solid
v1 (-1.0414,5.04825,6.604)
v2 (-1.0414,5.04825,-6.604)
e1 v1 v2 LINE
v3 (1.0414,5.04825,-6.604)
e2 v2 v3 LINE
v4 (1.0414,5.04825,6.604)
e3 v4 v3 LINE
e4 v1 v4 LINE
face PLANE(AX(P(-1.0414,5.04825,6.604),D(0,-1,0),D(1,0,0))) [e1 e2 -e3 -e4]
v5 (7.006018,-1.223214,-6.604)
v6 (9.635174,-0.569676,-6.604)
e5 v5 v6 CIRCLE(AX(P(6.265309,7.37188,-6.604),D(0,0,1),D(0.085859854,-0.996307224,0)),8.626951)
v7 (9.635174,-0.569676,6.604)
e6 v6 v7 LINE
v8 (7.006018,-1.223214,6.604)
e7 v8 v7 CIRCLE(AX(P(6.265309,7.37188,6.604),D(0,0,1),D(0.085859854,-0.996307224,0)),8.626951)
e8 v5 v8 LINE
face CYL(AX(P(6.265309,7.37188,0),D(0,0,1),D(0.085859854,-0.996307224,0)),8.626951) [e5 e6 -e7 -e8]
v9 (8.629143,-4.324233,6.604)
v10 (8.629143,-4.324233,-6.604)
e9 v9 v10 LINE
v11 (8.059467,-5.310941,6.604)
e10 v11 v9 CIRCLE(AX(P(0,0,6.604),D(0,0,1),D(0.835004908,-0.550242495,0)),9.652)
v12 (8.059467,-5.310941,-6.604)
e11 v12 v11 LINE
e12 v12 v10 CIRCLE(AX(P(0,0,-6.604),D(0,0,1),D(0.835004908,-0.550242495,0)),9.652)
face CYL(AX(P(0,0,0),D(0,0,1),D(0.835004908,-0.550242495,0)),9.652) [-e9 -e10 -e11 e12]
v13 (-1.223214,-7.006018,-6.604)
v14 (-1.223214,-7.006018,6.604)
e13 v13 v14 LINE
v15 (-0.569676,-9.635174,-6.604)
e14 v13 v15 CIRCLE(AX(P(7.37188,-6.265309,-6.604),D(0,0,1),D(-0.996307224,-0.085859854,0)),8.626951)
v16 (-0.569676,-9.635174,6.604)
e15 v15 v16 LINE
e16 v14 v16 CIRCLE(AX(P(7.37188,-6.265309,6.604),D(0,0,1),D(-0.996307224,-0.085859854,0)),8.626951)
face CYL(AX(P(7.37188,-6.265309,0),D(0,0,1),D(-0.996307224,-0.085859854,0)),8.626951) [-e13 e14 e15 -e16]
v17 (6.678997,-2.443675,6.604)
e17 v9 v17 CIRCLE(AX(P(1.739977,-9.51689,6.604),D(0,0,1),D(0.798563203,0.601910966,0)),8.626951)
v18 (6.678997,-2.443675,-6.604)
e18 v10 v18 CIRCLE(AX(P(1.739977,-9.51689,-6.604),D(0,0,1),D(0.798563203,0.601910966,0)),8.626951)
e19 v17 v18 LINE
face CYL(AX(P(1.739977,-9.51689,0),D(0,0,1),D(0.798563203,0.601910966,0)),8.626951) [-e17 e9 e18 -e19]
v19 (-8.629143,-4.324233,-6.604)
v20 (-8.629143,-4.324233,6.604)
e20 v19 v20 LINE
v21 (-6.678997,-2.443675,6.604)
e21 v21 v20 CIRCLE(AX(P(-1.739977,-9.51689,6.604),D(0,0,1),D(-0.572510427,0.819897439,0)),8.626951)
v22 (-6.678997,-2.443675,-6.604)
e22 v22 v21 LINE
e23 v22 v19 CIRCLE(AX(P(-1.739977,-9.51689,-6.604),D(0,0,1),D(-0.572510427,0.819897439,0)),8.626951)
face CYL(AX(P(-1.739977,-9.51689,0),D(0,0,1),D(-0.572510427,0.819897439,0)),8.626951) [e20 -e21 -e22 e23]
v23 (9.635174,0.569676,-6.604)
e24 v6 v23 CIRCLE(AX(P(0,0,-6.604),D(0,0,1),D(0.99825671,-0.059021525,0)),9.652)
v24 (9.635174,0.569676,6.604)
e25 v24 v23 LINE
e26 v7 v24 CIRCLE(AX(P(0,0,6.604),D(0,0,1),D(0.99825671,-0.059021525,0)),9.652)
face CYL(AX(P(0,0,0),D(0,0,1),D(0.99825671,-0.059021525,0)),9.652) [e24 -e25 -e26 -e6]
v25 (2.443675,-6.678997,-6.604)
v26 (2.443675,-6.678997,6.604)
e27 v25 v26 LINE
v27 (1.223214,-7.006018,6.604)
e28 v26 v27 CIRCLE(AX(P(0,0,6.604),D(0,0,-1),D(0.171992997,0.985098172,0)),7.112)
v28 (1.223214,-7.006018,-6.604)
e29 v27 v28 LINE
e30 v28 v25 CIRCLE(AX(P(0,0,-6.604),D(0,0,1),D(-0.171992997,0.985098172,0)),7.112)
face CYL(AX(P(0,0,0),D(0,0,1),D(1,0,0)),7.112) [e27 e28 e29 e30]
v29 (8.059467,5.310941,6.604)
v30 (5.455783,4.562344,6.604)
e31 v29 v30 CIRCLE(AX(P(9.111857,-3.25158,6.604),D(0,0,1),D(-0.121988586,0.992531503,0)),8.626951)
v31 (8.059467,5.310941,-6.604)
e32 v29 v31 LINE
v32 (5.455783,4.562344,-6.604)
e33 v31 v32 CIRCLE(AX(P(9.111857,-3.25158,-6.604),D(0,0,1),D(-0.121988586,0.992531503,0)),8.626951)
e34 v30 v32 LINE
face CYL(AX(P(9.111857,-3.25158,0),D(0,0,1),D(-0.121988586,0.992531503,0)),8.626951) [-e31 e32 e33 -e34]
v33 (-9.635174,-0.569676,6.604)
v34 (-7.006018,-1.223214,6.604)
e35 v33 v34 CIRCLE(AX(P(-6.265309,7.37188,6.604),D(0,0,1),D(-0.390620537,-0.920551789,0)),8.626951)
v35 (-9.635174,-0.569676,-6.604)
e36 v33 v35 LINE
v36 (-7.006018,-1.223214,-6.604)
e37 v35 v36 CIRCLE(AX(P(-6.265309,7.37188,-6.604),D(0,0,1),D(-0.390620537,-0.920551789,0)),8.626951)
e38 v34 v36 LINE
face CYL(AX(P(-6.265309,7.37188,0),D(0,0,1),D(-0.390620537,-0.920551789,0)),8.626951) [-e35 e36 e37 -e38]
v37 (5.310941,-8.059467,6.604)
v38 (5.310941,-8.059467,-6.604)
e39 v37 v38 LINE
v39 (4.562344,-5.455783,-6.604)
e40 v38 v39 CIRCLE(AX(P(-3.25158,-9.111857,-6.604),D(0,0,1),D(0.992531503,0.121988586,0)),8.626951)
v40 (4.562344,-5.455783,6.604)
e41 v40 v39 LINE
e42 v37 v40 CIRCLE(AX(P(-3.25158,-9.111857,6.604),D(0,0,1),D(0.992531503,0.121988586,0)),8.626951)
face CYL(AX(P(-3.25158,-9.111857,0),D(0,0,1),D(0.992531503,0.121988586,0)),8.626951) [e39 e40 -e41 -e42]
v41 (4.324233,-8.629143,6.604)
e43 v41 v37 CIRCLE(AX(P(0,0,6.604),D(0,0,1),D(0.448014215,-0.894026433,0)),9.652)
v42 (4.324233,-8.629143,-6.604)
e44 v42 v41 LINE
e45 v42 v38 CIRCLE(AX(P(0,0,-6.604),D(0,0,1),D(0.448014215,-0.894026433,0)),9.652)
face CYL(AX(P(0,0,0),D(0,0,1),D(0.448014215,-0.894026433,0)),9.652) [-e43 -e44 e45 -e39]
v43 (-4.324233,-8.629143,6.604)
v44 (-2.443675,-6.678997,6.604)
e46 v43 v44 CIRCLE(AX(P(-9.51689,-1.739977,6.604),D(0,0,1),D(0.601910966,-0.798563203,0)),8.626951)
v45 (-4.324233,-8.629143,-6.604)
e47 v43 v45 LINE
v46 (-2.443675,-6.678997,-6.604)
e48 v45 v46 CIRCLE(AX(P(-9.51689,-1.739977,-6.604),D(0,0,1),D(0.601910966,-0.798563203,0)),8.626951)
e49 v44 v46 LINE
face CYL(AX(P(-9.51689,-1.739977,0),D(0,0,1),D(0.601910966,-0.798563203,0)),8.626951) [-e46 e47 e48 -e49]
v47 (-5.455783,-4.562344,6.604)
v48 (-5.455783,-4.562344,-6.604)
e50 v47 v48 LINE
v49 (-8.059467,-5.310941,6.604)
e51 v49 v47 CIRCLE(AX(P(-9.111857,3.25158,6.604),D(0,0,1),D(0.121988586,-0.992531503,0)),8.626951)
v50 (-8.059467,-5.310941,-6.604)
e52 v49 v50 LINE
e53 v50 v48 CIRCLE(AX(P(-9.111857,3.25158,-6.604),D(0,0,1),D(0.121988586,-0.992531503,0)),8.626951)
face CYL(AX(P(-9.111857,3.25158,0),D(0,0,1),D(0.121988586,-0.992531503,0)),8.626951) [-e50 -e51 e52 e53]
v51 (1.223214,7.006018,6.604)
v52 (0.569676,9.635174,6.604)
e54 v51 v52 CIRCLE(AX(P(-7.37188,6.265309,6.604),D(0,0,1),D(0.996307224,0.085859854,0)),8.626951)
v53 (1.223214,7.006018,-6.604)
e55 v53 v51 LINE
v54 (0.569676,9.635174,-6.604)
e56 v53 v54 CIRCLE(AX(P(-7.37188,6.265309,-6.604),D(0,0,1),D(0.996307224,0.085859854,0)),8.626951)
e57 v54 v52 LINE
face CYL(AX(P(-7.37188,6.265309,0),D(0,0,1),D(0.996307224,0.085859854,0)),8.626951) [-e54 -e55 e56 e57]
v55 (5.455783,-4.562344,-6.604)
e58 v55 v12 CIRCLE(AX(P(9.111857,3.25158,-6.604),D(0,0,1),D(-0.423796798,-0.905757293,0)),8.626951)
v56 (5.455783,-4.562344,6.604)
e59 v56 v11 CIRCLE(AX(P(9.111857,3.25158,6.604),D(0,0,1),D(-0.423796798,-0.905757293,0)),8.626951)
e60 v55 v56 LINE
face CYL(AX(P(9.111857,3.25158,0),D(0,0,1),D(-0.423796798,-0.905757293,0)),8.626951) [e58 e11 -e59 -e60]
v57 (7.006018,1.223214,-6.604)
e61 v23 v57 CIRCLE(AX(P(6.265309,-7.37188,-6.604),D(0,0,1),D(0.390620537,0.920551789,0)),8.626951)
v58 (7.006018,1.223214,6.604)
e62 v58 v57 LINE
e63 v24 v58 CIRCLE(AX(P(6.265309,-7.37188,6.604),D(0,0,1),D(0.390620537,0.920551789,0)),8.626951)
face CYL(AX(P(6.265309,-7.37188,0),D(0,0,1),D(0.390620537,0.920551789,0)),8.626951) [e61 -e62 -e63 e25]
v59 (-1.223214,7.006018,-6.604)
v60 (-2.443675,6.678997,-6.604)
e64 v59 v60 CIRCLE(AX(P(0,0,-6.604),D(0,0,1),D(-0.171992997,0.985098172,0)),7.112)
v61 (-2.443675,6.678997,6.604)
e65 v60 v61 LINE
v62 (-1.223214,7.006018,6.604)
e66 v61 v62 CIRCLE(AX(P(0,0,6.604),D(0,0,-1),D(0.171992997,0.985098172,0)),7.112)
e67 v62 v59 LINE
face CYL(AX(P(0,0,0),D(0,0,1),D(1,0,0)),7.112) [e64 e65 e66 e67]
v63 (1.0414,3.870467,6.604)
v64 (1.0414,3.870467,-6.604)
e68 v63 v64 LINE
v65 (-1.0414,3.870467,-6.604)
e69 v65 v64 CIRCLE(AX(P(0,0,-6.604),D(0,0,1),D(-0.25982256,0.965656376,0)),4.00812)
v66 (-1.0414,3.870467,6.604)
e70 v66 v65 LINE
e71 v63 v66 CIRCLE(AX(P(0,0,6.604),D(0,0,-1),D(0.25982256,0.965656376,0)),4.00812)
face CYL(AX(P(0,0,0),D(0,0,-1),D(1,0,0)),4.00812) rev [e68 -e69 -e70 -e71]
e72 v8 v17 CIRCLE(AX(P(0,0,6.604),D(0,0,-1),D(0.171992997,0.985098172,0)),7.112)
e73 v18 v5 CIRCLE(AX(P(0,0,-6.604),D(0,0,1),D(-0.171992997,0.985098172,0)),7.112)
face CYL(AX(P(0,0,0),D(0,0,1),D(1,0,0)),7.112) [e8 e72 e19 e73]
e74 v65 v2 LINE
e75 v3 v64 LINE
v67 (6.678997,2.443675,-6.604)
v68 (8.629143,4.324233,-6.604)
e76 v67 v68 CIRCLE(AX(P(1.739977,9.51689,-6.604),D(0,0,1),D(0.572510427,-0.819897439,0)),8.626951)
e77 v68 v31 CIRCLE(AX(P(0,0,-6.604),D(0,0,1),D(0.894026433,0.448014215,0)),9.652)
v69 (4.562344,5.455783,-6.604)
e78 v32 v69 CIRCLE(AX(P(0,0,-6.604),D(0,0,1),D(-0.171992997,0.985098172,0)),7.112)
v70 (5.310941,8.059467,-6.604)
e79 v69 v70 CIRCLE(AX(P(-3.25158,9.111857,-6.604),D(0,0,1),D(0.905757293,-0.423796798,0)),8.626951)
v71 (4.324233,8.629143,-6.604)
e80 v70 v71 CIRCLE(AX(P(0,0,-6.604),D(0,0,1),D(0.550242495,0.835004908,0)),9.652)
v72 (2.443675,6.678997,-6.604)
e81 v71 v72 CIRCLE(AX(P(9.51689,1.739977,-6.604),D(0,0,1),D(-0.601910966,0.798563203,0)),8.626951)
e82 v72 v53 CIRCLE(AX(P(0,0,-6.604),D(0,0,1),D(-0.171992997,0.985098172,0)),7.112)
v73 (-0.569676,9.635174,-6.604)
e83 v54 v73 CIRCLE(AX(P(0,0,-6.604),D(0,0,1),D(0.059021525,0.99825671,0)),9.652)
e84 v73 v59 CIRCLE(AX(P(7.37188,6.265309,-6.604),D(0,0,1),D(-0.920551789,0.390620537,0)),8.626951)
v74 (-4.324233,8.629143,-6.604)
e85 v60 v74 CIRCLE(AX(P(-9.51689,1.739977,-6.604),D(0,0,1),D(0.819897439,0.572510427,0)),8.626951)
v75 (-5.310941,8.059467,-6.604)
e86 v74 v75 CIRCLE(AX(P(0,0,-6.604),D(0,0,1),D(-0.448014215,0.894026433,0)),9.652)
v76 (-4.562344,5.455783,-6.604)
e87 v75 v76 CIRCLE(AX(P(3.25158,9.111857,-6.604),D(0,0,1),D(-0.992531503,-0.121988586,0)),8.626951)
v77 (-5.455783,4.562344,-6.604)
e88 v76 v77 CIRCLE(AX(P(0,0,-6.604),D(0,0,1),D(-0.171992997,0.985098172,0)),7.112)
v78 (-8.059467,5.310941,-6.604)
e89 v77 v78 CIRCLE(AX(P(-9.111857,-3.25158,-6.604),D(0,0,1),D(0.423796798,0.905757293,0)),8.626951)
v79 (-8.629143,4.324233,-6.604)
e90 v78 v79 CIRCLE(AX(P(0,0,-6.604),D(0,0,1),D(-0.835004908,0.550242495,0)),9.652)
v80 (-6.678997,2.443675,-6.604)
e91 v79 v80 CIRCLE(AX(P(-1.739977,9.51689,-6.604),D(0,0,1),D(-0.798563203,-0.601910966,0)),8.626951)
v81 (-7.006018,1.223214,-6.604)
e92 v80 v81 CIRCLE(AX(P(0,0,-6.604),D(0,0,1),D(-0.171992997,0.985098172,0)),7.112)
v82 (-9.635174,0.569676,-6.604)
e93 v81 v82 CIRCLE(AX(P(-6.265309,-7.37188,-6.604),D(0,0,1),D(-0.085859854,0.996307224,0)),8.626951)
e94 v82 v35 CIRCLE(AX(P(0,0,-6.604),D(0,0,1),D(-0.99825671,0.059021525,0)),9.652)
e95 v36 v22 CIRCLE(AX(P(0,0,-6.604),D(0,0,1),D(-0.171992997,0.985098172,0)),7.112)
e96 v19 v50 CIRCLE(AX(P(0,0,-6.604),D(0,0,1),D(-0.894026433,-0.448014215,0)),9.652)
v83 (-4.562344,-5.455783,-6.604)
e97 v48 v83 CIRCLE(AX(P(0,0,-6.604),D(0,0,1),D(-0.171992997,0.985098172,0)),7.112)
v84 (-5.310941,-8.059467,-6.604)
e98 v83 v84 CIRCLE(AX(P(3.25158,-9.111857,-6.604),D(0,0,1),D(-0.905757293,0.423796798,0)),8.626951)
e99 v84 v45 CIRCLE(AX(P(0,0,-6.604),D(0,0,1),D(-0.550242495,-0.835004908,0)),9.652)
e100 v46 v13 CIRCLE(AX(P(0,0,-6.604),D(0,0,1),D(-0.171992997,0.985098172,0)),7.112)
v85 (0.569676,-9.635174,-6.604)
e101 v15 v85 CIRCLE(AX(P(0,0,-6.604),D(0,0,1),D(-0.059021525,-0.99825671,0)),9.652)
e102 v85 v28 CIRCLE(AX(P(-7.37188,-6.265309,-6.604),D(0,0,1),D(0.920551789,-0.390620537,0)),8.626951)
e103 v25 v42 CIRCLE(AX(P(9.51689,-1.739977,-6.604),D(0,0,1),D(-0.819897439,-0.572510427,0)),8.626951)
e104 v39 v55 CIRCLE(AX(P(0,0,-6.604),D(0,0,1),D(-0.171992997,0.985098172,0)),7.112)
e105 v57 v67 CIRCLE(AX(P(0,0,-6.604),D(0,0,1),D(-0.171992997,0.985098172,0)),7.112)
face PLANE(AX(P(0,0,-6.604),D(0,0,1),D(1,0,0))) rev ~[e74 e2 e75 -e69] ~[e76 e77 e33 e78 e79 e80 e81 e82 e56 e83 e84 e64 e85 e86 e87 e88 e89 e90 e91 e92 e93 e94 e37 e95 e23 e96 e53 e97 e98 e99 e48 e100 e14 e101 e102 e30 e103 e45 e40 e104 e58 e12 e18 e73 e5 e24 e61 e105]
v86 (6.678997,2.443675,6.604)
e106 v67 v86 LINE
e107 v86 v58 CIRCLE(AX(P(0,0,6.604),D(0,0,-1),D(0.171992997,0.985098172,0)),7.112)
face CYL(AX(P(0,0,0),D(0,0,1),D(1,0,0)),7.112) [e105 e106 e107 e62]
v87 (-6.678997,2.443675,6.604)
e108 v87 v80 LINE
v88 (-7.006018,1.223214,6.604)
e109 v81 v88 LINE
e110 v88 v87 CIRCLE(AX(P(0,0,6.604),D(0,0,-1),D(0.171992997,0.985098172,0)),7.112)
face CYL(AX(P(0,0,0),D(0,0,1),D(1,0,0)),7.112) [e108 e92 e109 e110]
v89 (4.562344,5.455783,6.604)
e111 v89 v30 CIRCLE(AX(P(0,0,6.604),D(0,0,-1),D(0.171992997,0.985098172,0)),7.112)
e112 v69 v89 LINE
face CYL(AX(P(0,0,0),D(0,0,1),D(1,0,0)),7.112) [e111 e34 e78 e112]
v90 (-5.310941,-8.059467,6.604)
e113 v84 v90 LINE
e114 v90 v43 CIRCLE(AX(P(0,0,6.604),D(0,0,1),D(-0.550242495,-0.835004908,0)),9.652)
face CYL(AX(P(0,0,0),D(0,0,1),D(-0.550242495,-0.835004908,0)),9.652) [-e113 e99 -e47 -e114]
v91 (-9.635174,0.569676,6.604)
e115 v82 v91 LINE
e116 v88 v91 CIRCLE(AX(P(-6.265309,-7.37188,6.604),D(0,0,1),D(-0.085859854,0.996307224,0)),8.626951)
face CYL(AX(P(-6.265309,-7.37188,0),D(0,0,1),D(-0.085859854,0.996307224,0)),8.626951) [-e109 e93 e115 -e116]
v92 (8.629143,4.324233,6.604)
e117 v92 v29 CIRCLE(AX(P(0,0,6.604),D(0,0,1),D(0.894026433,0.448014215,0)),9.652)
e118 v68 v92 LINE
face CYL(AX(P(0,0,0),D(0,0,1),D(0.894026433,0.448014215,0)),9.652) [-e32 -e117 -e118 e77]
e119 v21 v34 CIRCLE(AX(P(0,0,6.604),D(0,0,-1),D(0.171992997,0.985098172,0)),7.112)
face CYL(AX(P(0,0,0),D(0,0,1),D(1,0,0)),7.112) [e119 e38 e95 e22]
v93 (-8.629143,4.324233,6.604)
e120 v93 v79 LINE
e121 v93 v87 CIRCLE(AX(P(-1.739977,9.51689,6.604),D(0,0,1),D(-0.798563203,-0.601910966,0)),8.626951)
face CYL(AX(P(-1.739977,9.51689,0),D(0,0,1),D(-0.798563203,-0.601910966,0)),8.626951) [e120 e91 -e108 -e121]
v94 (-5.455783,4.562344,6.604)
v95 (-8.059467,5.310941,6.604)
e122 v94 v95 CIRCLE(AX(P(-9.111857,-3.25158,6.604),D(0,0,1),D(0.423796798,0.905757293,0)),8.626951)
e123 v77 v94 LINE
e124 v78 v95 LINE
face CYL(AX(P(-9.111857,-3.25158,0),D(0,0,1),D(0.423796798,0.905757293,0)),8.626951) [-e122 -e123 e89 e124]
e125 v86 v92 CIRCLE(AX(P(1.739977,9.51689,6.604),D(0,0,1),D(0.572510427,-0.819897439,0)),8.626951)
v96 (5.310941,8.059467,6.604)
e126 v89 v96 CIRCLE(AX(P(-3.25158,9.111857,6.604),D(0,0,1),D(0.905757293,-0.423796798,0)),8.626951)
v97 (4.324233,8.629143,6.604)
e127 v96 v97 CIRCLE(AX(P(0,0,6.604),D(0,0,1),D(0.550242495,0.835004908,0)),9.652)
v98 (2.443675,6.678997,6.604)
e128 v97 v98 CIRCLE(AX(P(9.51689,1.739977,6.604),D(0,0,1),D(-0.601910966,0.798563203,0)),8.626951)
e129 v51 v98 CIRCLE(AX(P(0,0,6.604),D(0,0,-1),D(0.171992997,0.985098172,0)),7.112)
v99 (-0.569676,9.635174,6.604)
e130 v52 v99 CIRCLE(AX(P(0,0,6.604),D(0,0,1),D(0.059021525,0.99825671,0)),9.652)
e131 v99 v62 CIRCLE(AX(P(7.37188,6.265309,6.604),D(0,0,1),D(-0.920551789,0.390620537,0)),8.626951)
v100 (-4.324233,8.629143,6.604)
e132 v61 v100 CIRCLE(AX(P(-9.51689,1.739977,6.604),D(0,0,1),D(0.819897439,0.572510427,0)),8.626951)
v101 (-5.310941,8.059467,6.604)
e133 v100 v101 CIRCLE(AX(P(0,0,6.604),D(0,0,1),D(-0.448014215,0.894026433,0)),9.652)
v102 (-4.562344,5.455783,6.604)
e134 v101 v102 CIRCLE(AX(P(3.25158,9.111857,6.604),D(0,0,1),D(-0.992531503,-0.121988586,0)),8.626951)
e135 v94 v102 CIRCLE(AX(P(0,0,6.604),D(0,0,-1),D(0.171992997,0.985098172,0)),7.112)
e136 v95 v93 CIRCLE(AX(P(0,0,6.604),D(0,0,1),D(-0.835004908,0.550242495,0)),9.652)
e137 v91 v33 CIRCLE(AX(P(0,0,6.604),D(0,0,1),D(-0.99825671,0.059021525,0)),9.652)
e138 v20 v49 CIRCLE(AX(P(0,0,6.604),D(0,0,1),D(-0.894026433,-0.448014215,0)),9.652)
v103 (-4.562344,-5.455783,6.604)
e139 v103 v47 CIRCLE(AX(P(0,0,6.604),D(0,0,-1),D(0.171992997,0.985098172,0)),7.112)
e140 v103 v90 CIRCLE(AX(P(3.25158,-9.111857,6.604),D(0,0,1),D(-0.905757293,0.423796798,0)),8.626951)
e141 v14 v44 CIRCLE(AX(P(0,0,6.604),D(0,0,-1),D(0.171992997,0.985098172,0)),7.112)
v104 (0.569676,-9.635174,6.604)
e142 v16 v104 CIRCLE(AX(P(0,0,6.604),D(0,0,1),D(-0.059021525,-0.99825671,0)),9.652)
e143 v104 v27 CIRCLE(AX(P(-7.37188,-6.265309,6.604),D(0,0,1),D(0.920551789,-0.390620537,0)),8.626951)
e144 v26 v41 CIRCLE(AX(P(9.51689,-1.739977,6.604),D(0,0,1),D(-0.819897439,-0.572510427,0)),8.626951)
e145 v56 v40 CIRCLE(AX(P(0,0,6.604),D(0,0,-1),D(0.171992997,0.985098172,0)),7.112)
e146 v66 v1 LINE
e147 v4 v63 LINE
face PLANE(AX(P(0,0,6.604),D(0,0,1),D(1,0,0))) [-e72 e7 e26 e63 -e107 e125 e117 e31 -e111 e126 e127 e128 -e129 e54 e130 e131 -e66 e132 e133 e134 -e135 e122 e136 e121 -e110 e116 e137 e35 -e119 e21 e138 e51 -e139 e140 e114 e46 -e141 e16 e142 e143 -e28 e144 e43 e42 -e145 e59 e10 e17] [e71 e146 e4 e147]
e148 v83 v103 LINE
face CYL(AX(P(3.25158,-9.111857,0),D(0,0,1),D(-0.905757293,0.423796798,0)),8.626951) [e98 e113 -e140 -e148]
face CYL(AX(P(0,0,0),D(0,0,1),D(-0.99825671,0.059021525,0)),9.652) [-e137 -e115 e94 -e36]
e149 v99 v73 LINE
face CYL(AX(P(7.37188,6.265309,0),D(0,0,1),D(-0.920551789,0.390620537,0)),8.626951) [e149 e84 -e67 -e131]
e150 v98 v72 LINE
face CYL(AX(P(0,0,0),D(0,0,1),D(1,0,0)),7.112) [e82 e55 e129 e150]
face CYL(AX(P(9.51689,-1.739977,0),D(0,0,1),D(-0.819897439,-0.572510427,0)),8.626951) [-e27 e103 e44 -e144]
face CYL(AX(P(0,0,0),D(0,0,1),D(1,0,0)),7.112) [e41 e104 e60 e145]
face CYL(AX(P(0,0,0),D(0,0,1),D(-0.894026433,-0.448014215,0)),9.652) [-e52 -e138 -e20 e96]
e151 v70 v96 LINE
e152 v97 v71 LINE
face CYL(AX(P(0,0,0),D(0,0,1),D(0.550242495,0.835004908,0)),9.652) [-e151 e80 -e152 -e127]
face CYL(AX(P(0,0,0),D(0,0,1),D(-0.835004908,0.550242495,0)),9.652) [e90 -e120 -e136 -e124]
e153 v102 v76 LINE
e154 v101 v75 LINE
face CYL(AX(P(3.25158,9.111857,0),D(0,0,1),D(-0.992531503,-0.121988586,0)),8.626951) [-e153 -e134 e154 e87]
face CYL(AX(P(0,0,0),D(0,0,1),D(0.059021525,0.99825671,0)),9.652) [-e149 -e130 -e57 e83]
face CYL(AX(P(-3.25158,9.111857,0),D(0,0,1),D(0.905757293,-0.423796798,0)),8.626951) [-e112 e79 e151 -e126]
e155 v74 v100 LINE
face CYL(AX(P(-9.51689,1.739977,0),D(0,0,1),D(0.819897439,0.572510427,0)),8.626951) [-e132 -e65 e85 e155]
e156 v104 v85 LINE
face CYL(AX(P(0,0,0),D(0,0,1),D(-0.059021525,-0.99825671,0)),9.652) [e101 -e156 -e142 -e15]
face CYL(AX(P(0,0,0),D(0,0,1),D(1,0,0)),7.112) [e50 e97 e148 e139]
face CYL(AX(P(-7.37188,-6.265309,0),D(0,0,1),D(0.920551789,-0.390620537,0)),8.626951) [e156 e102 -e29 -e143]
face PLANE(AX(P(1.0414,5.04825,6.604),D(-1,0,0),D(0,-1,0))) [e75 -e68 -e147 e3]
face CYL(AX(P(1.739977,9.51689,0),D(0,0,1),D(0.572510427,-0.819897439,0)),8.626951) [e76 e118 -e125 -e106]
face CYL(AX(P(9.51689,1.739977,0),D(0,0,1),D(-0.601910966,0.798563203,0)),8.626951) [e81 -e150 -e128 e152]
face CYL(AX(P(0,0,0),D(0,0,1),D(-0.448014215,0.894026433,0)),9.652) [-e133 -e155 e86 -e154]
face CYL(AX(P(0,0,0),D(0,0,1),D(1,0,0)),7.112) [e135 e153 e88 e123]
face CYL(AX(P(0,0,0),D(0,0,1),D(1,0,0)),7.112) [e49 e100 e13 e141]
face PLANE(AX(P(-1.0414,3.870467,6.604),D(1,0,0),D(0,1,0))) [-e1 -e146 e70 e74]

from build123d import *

# Parameters (mm, degrees)
SKETCH1_R         = 7.112
SKETCH1_R_2       = 4.00812
EXTRUDE1_DEPTH    = 6.604
EXTRUDE2_DEPTH    = 6.604
CIRPATTERN1_COUNT = 12
EXTRUDE3_DEPTH    = 14.208


with BuildPart() as part:
    # Sketch1 → Extrude1 (new body, symmetric)
    with BuildSketch(Plane.XY):
        Circle(SKETCH1_R)
        Circle(SKETCH1_R_2, mode=Mode.SUBTRACT)
    extrude(amount=EXTRUDE1_DEPTH, both=True)

    # Sketch2 → Extrude2 (add, symmetric)
    with BuildSketch(Plane.XY):
        with BuildLine():
            ThreePointArc((-1.223214196, 7.006018201), (0, 7.112), (1.223214196, 7.006018201))
            ThreePointArc((1.223214196, 7.006018201), (1.000294904, 8.346410328), (0.569675744, 9.635173768))
            ThreePointArc((0.569675744, 9.635173768), (0, 9.652), (-0.569675744, 9.635173768))
            ThreePointArc((-0.569675744, 9.635173768), (-1.000294904, 8.346410328), (-1.223214196, 7.006018201))
        make_face()
    extrude2 = extrude(amount=EXTRUDE2_DEPTH, both=True)

    # CirPattern1: Extrude2 ×12 about axis
    cirpattern1_axis = Axis((0, 0, 0), (0, 0, 1))
    for i in range(1, CIRPATTERN1_COUNT):
        add(extrude2.rotate(cirpattern1_axis, i * 360 / CIRPATTERN1_COUNT))

    # Sketch3 → Extrude3 (cut, through all)
    with BuildSketch(Plane.XY.offset(6.604)):
        with BuildLine():
            Line((-1.0414, 3.870466635), (-1.0414, 5.04825))
            Line((-1.0414, 5.04825), (1.0414, 5.04825))
            Line((1.0414, 5.04825), (1.0414, 3.870466635))
            ThreePointArc((1.0414, 3.870466635), (0, 4.00812), (-1.0414, 3.870466635))
        make_face()
    extrude(amount=-EXTRUDE3_DEPTH, mode=Mode.SUBTRACT)


solid = part.part
